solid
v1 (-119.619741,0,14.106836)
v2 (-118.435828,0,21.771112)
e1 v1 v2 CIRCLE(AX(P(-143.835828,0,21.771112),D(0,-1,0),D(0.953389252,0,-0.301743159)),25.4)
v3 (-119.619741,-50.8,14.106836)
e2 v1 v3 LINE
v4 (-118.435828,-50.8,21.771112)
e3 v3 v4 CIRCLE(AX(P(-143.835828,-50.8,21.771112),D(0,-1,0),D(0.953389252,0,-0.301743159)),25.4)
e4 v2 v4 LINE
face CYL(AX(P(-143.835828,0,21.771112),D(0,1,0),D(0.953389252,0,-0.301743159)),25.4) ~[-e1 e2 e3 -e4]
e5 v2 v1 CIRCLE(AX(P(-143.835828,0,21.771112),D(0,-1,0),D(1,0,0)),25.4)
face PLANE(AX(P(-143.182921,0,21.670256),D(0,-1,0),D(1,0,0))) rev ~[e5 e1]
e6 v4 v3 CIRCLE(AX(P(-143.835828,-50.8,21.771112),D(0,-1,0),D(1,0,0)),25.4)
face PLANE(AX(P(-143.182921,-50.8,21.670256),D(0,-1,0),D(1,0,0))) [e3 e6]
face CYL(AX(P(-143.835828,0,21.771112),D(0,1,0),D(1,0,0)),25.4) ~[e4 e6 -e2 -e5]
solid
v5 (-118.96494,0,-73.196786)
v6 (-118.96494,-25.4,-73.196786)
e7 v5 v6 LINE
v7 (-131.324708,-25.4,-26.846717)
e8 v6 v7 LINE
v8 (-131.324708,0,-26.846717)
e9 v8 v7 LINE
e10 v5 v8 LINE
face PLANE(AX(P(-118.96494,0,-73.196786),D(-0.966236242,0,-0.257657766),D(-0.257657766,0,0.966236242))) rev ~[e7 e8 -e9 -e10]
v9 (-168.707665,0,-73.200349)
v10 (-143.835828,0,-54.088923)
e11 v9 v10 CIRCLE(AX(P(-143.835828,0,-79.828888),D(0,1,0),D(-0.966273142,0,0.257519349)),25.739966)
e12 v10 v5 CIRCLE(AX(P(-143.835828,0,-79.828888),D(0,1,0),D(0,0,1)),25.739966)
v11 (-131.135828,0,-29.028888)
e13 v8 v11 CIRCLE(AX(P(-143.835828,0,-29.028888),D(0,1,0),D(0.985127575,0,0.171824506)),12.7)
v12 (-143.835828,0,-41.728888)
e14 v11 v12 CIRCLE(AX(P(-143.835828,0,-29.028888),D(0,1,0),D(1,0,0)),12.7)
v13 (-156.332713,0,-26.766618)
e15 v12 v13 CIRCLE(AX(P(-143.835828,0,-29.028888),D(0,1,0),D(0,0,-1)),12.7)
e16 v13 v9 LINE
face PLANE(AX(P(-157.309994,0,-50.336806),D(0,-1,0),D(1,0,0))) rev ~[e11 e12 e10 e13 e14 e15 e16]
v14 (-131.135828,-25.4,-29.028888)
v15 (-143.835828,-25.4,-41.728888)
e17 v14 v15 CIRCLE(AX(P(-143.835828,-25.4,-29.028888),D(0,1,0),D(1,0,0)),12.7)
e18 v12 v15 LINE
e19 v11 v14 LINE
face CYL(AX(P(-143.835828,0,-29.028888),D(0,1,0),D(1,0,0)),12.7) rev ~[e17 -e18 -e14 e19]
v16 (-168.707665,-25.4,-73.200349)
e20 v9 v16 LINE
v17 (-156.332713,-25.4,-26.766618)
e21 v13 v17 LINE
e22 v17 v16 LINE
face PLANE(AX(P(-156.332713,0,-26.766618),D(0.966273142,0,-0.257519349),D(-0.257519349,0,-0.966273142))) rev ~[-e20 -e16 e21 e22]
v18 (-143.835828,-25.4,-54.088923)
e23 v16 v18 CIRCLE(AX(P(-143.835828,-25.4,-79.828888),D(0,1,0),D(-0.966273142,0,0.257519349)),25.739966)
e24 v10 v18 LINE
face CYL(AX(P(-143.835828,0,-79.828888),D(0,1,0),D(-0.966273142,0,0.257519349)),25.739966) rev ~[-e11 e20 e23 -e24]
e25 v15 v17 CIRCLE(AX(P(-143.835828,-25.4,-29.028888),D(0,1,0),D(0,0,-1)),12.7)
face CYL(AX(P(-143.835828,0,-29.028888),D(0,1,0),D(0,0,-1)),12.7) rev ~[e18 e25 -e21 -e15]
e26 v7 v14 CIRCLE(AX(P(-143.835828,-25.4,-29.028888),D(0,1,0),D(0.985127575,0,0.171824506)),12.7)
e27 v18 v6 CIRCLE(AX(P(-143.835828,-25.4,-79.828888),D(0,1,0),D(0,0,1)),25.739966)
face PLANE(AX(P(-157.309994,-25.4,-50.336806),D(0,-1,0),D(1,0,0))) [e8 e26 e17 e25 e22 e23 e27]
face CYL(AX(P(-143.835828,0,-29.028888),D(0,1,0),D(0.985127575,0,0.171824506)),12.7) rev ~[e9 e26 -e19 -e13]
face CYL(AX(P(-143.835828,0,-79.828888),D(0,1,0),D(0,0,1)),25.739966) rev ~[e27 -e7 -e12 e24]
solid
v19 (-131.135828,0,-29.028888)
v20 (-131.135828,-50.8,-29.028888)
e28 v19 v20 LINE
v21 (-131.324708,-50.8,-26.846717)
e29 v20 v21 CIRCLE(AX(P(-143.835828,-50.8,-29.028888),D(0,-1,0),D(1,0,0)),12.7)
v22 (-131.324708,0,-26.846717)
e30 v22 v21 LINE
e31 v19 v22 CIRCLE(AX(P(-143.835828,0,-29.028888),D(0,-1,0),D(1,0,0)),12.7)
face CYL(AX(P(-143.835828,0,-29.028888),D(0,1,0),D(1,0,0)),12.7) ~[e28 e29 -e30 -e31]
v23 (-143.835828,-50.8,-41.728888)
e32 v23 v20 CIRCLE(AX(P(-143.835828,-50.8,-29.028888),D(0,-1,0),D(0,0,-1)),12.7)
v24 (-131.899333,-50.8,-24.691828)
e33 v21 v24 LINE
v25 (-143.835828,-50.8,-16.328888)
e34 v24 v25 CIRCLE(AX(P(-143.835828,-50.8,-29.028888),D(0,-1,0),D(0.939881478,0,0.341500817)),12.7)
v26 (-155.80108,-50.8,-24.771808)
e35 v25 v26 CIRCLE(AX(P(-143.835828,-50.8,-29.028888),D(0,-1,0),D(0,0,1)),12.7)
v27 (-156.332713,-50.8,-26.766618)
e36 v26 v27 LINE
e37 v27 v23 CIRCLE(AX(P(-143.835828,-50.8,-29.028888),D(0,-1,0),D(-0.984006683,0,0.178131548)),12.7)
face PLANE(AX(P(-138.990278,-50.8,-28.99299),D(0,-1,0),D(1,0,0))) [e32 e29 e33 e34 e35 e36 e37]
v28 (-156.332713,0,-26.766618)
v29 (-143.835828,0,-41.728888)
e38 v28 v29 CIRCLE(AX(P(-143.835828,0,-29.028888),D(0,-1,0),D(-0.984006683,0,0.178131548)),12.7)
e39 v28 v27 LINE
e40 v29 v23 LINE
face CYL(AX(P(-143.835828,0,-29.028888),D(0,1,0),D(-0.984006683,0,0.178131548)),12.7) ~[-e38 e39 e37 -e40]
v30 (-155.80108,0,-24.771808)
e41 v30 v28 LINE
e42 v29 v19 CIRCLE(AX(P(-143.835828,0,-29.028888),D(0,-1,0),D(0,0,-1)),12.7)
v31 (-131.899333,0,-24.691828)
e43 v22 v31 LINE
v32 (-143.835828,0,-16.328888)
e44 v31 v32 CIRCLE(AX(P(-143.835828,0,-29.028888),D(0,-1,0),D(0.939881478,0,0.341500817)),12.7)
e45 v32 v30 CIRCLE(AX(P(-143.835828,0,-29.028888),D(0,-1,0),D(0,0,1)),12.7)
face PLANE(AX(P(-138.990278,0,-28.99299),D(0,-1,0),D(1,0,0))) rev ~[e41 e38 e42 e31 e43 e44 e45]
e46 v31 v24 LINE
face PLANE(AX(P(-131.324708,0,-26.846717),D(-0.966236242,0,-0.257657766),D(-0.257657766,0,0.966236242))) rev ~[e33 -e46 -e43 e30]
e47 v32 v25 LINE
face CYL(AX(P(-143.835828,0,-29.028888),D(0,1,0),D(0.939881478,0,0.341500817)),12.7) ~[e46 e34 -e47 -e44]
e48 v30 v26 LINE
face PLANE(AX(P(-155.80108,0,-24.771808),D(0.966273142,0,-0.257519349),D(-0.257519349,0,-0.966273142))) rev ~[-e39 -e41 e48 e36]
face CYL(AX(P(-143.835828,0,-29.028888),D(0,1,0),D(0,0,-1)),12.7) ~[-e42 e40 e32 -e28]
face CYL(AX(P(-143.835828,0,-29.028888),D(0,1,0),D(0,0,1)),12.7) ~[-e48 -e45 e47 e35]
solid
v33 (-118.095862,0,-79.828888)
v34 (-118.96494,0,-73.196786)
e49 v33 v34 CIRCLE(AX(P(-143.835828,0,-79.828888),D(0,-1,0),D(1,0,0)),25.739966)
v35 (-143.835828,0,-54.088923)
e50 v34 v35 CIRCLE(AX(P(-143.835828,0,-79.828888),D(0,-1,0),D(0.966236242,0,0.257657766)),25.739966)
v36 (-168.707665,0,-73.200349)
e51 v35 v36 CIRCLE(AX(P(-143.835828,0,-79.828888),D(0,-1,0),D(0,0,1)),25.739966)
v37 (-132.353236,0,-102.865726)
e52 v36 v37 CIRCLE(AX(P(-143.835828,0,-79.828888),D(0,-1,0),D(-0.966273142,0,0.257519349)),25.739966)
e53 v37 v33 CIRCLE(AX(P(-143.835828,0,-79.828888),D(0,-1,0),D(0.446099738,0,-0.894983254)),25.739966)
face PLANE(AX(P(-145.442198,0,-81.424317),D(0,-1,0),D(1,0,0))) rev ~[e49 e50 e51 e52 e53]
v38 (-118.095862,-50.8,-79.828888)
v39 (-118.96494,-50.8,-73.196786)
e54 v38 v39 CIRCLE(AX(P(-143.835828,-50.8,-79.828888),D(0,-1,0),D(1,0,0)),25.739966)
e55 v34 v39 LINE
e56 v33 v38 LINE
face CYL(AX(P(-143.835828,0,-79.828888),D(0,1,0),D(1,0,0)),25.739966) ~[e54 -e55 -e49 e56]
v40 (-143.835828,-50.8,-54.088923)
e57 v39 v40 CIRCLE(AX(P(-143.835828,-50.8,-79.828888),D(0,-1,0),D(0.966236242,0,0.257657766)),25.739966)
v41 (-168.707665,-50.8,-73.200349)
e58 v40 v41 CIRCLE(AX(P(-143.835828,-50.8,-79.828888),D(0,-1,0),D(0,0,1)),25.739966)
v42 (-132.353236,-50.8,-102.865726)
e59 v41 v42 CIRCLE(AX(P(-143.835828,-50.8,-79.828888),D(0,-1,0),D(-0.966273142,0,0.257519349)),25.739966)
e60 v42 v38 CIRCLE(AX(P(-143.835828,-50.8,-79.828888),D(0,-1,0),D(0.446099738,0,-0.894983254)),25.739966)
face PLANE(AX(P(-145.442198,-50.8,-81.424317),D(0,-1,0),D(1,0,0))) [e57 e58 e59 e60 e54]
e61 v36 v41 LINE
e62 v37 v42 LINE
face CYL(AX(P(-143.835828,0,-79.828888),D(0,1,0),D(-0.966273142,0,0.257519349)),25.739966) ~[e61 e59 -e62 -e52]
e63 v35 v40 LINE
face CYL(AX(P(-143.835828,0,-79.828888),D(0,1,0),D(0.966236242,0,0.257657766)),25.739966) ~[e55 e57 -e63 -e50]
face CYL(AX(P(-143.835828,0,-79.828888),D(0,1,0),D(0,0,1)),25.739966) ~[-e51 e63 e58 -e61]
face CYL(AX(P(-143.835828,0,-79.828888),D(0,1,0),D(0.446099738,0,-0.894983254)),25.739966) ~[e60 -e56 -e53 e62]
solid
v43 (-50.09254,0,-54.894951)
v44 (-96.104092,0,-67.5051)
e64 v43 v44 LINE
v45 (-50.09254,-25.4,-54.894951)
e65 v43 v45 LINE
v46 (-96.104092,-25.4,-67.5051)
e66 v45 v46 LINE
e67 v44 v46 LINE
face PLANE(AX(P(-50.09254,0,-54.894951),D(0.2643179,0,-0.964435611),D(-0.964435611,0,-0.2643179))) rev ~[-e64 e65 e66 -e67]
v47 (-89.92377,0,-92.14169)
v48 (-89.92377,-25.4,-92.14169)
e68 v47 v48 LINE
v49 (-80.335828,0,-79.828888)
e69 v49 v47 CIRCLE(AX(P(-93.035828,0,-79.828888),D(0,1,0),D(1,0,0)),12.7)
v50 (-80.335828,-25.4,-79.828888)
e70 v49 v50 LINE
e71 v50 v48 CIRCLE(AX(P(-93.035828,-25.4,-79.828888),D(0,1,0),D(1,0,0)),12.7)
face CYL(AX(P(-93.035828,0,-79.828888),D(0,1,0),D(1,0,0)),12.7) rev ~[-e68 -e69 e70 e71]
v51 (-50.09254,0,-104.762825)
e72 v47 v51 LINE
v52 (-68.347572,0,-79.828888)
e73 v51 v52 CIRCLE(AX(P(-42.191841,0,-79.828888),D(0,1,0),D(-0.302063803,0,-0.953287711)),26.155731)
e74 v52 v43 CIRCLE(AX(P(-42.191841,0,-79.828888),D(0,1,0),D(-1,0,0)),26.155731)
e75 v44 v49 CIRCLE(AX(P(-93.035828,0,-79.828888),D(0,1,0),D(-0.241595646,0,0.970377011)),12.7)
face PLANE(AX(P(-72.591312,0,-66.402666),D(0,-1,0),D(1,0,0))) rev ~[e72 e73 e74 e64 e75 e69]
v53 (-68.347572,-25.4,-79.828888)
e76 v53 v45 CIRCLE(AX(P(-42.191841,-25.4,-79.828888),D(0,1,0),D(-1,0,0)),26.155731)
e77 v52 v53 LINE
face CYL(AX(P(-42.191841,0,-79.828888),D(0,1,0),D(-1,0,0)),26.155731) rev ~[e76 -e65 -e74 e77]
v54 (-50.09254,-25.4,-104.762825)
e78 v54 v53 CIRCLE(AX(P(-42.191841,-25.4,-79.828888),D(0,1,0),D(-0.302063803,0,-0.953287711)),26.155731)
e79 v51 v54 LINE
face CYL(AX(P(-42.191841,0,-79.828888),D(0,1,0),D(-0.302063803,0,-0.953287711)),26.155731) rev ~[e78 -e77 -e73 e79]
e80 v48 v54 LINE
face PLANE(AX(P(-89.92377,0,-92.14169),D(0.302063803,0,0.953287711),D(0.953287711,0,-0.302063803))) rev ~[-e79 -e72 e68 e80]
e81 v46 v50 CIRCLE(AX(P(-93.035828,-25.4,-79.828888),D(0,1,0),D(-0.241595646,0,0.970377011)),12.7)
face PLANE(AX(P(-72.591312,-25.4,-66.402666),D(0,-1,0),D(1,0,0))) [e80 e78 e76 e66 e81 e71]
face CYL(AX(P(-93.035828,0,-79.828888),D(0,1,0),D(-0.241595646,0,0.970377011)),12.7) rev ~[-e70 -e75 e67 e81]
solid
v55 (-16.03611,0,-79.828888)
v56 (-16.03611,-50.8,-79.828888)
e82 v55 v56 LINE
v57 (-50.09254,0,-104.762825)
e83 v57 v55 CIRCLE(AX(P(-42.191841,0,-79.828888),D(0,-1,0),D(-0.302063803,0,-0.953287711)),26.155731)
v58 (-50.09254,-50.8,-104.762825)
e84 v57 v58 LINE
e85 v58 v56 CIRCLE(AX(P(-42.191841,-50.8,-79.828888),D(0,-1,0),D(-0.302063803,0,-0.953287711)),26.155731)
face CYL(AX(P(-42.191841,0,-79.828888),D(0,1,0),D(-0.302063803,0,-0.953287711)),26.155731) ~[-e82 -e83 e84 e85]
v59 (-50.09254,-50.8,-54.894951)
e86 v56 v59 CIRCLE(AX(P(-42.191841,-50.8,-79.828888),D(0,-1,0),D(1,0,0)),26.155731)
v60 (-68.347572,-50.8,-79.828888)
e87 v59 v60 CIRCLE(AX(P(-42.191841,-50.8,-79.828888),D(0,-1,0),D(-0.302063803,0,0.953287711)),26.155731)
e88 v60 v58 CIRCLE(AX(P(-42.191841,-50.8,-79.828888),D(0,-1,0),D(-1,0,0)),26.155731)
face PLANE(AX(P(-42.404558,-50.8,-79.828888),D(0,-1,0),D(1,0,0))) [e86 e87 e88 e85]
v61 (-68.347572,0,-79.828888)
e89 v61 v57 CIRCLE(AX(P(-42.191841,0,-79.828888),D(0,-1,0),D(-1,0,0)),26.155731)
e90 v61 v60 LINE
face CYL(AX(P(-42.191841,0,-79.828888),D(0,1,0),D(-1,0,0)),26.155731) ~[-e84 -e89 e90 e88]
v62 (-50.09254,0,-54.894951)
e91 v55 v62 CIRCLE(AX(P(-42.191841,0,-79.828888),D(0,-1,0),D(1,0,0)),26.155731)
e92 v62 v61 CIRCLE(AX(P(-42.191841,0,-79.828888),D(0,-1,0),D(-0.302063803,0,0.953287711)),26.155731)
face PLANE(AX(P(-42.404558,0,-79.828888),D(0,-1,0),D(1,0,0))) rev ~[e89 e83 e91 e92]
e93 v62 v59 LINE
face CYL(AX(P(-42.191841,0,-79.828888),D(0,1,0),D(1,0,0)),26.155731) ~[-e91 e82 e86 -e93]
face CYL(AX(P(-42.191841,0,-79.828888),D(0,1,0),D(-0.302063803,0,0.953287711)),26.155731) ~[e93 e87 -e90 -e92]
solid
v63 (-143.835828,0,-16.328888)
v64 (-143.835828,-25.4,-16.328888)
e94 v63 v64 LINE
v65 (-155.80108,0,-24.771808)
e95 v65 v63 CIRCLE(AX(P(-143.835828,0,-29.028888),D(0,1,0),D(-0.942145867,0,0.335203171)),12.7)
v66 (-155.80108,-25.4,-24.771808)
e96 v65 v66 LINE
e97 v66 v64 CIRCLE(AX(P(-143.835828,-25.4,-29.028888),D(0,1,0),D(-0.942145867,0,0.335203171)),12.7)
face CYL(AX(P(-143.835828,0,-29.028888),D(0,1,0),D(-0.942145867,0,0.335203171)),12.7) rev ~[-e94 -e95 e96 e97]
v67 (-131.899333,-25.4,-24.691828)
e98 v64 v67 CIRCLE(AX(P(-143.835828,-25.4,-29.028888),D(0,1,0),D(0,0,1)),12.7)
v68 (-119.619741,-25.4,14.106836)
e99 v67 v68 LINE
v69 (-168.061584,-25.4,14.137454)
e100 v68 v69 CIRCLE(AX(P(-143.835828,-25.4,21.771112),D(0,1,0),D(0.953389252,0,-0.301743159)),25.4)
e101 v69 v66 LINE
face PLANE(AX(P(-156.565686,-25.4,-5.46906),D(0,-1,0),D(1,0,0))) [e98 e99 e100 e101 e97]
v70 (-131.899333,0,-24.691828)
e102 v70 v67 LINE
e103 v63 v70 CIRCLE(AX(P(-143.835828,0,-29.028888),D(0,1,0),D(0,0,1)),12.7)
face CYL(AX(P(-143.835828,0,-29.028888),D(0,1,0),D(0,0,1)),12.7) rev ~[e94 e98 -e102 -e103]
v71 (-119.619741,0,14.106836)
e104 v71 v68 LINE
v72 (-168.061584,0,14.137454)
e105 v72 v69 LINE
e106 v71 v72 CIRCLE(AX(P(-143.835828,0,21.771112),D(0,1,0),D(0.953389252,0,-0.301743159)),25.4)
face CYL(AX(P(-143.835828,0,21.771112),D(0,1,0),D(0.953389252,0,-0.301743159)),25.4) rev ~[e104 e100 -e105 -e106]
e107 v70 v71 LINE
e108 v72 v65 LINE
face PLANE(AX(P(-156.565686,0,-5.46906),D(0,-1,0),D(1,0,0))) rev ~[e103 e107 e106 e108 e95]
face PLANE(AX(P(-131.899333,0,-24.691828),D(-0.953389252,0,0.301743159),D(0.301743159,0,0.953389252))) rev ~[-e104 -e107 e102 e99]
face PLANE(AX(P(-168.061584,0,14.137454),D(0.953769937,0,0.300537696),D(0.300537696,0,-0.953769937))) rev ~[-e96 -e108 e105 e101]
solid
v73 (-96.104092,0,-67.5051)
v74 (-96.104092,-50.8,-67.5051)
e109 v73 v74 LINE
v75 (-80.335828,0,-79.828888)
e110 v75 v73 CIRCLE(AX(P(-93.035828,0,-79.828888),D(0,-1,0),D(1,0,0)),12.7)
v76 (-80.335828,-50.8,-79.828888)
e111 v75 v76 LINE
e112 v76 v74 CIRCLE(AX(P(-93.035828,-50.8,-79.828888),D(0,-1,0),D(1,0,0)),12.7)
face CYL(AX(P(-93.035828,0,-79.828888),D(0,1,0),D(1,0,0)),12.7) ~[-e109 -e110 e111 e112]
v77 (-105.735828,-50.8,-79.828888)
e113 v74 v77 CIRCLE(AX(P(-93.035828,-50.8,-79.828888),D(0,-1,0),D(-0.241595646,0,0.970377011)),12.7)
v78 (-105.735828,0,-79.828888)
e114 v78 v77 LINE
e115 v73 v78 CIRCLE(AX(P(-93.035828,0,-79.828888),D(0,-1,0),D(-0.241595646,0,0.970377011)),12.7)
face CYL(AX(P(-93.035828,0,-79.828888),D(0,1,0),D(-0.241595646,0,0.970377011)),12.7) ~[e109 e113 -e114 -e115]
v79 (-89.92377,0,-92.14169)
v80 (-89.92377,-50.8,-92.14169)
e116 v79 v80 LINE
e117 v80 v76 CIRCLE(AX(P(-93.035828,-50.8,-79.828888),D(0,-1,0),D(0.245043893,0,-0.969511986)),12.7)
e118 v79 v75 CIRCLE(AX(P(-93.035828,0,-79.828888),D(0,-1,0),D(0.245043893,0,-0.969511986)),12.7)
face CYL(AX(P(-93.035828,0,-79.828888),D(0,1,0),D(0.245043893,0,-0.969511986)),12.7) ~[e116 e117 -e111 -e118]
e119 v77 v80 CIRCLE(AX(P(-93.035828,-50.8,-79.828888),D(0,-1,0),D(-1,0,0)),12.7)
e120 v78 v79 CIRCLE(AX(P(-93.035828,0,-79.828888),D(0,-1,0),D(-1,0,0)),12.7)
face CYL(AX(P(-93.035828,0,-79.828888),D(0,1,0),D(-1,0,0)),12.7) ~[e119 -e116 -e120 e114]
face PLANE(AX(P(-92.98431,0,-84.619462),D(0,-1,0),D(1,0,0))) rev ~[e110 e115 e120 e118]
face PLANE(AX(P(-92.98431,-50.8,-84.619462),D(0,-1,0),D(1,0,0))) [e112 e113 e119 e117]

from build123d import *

# Parameters (mm, degrees)
F1_DEPTH = 50.8
F2_DEPTH = 25.4


with BuildPart() as f1:
    # F0 (on Front) → F1 (new body)
    with BuildSketch(Plane.XZ):
        with BuildLine():
            ThreePointArc((-143.8358277082, -3.6288881779), (-128.8277068485, 1.2792522613), (-119.6197407059, 14.1068355812))
            ThreePointArc((-119.6197407059, 14.1068355812), (-118.7335508209, 17.8935230004), (-118.4358277082, 21.7711118221))
            ThreePointArc((-118.4358277082, 21.7711118221), (-147.697549299, 46.875834612), (-168.0615841142, 14.1374543396))
            ThreePointArc((-168.0615841142, 14.1374543396), (-158.8568979089, 1.2887425737), (-143.8358277082, -3.6288881779))
        make_face()
    extrude(amount=F1_DEPTH)


with BuildPart() as f1b:
    # F0 (on Front) → F1, piece 2 (new body)
    with BuildSketch(Plane.XZ):
        with BuildLine():
            Line((-143.8358277082, -29.0288881779), (-143.8358277082, -41.7288881779))
            ThreePointArc((-143.8358277082, -41.7288881779), (-134.8555715872, -38.0091442989), (-131.1358277082, -29.0288881779))
            ThreePointArc((-131.1358277082, -29.0288881779), (-131.1831357698, -27.9337230252), (-131.3247075054, -26.8467169498))
            Line((-131.3247075054, -26.8467169498), (-131.8993329423, -24.6918278022))
            ThreePointArc((-131.8993329423, -24.6918278022), (-136.5485328319, -18.627670298), (-143.8358277082, -16.3288881779))
            Line((-143.8358277082, -16.3288881779), (-143.8358277082, -29.0288881779))
        make_face()
        with BuildLine():
            ThreePointArc((-156.3327125795, -26.7666175232), (-153.5831565042, -37.1701154406), (-143.8358277082, -41.7288881779))
            Line((-143.8358277082, -41.7288881779), (-143.8358277082, -29.0288881779))
            Line((-143.8358277082, -29.0288881779), (-143.8358277082, -16.3288881779))
            ThreePointArc((-143.8358277082, -16.3288881779), (-151.1578861803, -18.6521131619), (-155.8010802151, -24.7718079052))
            Line((-155.8010802151, -24.7718079052), (-156.3327125795, -26.7666175232))
        make_face()
    extrude(amount=F1_DEPTH)


with BuildPart() as f1c:
    # F0 (on Front) → F1, piece 3 (new body)
    with BuildSketch(Plane.XZ):
        with BuildLine():
            Line((-93.0358277082, -79.8288881779), (-105.7358277082, -79.8288881779))
            ThreePointArc((-105.7358277082, -79.8288881779), (-100.8386115233, -89.8491957946), (-89.9237702697, -92.1416903975))
            ThreePointArc((-89.9237702697, -92.1416903975), (-83.0155200915, -87.631671993), (-80.3358277082, -79.8288881779))
            Line((-80.3358277082, -79.8288881779), (-93.0358277082, -79.8288881779))
        make_face()
        with BuildLine():
            ThreePointArc((-96.1040924171, -67.505100137), (-103.0422496912, -72.008305137), (-105.7358277082, -79.8288881779))
            Line((-105.7358277082, -79.8288881779), (-93.0358277082, -79.8288881779))
            Line((-93.0358277082, -79.8288881779), (-80.3358277082, -79.8288881779))
            ThreePointArc((-80.3358277082, -79.8288881779), (-85.2152446674, -69.8224661949), (-96.1040924171, -67.505100137))
        make_face()
    extrude(amount=F1_DEPTH)


with BuildPart() as f1d:
    # F0 (on Front) → F1, piece 4 (new body)
    with BuildSketch(Plane.XZ):
        with BuildLine():
            ThreePointArc((-16.0361095198, -79.8288881779), (-26.7407291226, -58.7247316021), (-50.0925403314, -54.8949510746))
            ThreePointArc((-50.0925403314, -54.8949510746), (-63.295997284, -64.3777765923), (-68.3475718968, -79.8288881779))
            ThreePointArc((-68.3475718968, -79.8288881779), (-63.295997284, -95.2799997635), (-50.0925403314, -104.7628252812))
            ThreePointArc((-50.0925403314, -104.7628252812), (-26.7407291226, -100.9330447536), (-16.0361095198, -79.8288881779))
        make_face()
    extrude(amount=F1_DEPTH)


with BuildPart() as f1e:
    # F0 (on Front) → F1, piece 5 (new body)
    with BuildSketch(Plane.XZ):
        with BuildLine():
            Line((-118.0958620819, -79.8288881779), (-143.8358277082, -79.8288881779))
            Line((-143.8358277082, -79.8288881779), (-143.8358277082, -54.0889225515))
            ThreePointArc((-143.8358277082, -54.0889225515), (-159.5190585492, -59.4185451911), (-168.7076651652, -73.2003489753))
            ThreePointArc((-168.7076651652, -73.2003489753), (-160.1093223522, -99.7717867265), (-132.3532357975, -102.8657263606))
            ThreePointArc((-132.3532357975, -102.8657263606), (-121.9485328602, -93.3748157829), (-118.0958620819, -79.8288881779))
        make_face()
        with BuildLine():
            Line((-143.8358277082, -54.0889225515), (-143.8358277082, -79.8288881779))
            Line((-143.8358277082, -79.8288881779), (-118.0958620819, -79.8288881779))
            ThreePointArc((-118.0958620819, -79.8288881779), (-118.314056375, -76.4844871163), (-118.9649400459, -73.196786148))
            ThreePointArc((-118.9649400459, -73.196786148), (-128.1540588003, -59.4174219306), (-143.8358277082, -54.0889225515))
        make_face()
    extrude(amount=F1_DEPTH)


with BuildPart() as f2:
    # F0 (on Front) → F2 (new body)
    with BuildSketch(Plane.XZ):
        with BuildLine():
            ThreePointArc((-155.8010802151, -24.7718079052), (-151.1578861803, -18.6521131619), (-143.8358277082, -16.3288881779))
            Line((-143.8358277082, -16.3288881779), (-143.8358277082, -3.6288881779))
            ThreePointArc((-143.8358277082, -3.6288881779), (-158.8568979089, 1.2887425737), (-168.0615841142, 14.1374543396))
            Line((-168.0615841142, 14.1374543396), (-155.8010802151, -24.7718079052))
        make_face()
        with BuildLine():
            ThreePointArc((-143.8358277082, -16.3288881779), (-136.5485328319, -18.627670298), (-131.8993329423, -24.6918278022))
            Line((-131.8993329423, -24.6918278022), (-119.6197407059, 14.1068355812))
            ThreePointArc((-119.6197407059, 14.1068355812), (-128.8277068485, 1.2792522613), (-143.8358277082, -3.6288881779))
            Line((-143.8358277082, -3.6288881779), (-143.8358277082, -16.3288881779))
        make_face()
    extrude(amount=F2_DEPTH)


with BuildPart() as f2b:
    # F0 (on Front) → F2, piece 2 (new body)
    with BuildSketch(Plane.XZ):
        with BuildLine():
            ThreePointArc((-168.7076651652, -73.2003489753), (-159.5190585492, -59.4185451911), (-143.8358277082, -54.0889225515))
            Line((-143.8358277082, -54.0889225515), (-143.8358277082, -41.7288881779))
            ThreePointArc((-143.8358277082, -41.7288881779), (-153.5831565042, -37.1701154406), (-156.3327125795, -26.7666175232))
            Line((-156.3327125795, -26.7666175232), (-168.7076651652, -73.2003489753))
        make_face()
        with BuildLine():
            Line((-143.8358277082, -41.7288881779), (-143.8358277082, -54.0889225515))
            ThreePointArc((-143.8358277082, -54.0889225515), (-128.1540588003, -59.4174219306), (-118.9649400459, -73.196786148))
            Line((-118.9649400459, -73.196786148), (-131.3247075054, -26.8467169498))
            ThreePointArc((-131.3247075054, -26.8467169498), (-131.1831357698, -27.9337230252), (-131.1358277082, -29.0288881779))
            ThreePointArc((-131.1358277082, -29.0288881779), (-134.8555715872, -38.0091442989), (-143.8358277082, -41.7288881779))
        make_face()
    extrude(amount=F2_DEPTH)


with BuildPart() as f2c:
    # F0 (on Front) → F2, piece 3 (new body)
    with BuildSketch(Plane.XZ):
        with BuildLine():
            Line((-50.0925403314, -54.8949510746), (-96.1040924171, -67.505100137))
            ThreePointArc((-96.1040924171, -67.505100137), (-85.2152446674, -69.8224661949), (-80.3358277082, -79.8288881779))
            Line((-80.3358277082, -79.8288881779), (-68.3475718968, -79.8288881779))
            ThreePointArc((-68.3475718968, -79.8288881779), (-63.295997284, -64.3777765923), (-50.0925403314, -54.8949510746))
        make_face()
        with BuildLine():
            ThreePointArc((-80.3358277082, -79.8288881779), (-83.0155200915, -87.631671993), (-89.9237702697, -92.1416903975))
            Line((-89.9237702697, -92.1416903975), (-50.0925403314, -104.7628252812))
            ThreePointArc((-50.0925403314, -104.7628252812), (-63.295997284, -95.2799997635), (-68.3475718968, -79.8288881779))
            Line((-68.3475718968, -79.8288881779), (-80.3358277082, -79.8288881779))
        make_face()
    extrude(amount=F2_DEPTH)


solid = Compound([f1.part, f1b.part, f1c.part, f1d.part, f1e.part, f2.part, f2b.part, f2c.part])
